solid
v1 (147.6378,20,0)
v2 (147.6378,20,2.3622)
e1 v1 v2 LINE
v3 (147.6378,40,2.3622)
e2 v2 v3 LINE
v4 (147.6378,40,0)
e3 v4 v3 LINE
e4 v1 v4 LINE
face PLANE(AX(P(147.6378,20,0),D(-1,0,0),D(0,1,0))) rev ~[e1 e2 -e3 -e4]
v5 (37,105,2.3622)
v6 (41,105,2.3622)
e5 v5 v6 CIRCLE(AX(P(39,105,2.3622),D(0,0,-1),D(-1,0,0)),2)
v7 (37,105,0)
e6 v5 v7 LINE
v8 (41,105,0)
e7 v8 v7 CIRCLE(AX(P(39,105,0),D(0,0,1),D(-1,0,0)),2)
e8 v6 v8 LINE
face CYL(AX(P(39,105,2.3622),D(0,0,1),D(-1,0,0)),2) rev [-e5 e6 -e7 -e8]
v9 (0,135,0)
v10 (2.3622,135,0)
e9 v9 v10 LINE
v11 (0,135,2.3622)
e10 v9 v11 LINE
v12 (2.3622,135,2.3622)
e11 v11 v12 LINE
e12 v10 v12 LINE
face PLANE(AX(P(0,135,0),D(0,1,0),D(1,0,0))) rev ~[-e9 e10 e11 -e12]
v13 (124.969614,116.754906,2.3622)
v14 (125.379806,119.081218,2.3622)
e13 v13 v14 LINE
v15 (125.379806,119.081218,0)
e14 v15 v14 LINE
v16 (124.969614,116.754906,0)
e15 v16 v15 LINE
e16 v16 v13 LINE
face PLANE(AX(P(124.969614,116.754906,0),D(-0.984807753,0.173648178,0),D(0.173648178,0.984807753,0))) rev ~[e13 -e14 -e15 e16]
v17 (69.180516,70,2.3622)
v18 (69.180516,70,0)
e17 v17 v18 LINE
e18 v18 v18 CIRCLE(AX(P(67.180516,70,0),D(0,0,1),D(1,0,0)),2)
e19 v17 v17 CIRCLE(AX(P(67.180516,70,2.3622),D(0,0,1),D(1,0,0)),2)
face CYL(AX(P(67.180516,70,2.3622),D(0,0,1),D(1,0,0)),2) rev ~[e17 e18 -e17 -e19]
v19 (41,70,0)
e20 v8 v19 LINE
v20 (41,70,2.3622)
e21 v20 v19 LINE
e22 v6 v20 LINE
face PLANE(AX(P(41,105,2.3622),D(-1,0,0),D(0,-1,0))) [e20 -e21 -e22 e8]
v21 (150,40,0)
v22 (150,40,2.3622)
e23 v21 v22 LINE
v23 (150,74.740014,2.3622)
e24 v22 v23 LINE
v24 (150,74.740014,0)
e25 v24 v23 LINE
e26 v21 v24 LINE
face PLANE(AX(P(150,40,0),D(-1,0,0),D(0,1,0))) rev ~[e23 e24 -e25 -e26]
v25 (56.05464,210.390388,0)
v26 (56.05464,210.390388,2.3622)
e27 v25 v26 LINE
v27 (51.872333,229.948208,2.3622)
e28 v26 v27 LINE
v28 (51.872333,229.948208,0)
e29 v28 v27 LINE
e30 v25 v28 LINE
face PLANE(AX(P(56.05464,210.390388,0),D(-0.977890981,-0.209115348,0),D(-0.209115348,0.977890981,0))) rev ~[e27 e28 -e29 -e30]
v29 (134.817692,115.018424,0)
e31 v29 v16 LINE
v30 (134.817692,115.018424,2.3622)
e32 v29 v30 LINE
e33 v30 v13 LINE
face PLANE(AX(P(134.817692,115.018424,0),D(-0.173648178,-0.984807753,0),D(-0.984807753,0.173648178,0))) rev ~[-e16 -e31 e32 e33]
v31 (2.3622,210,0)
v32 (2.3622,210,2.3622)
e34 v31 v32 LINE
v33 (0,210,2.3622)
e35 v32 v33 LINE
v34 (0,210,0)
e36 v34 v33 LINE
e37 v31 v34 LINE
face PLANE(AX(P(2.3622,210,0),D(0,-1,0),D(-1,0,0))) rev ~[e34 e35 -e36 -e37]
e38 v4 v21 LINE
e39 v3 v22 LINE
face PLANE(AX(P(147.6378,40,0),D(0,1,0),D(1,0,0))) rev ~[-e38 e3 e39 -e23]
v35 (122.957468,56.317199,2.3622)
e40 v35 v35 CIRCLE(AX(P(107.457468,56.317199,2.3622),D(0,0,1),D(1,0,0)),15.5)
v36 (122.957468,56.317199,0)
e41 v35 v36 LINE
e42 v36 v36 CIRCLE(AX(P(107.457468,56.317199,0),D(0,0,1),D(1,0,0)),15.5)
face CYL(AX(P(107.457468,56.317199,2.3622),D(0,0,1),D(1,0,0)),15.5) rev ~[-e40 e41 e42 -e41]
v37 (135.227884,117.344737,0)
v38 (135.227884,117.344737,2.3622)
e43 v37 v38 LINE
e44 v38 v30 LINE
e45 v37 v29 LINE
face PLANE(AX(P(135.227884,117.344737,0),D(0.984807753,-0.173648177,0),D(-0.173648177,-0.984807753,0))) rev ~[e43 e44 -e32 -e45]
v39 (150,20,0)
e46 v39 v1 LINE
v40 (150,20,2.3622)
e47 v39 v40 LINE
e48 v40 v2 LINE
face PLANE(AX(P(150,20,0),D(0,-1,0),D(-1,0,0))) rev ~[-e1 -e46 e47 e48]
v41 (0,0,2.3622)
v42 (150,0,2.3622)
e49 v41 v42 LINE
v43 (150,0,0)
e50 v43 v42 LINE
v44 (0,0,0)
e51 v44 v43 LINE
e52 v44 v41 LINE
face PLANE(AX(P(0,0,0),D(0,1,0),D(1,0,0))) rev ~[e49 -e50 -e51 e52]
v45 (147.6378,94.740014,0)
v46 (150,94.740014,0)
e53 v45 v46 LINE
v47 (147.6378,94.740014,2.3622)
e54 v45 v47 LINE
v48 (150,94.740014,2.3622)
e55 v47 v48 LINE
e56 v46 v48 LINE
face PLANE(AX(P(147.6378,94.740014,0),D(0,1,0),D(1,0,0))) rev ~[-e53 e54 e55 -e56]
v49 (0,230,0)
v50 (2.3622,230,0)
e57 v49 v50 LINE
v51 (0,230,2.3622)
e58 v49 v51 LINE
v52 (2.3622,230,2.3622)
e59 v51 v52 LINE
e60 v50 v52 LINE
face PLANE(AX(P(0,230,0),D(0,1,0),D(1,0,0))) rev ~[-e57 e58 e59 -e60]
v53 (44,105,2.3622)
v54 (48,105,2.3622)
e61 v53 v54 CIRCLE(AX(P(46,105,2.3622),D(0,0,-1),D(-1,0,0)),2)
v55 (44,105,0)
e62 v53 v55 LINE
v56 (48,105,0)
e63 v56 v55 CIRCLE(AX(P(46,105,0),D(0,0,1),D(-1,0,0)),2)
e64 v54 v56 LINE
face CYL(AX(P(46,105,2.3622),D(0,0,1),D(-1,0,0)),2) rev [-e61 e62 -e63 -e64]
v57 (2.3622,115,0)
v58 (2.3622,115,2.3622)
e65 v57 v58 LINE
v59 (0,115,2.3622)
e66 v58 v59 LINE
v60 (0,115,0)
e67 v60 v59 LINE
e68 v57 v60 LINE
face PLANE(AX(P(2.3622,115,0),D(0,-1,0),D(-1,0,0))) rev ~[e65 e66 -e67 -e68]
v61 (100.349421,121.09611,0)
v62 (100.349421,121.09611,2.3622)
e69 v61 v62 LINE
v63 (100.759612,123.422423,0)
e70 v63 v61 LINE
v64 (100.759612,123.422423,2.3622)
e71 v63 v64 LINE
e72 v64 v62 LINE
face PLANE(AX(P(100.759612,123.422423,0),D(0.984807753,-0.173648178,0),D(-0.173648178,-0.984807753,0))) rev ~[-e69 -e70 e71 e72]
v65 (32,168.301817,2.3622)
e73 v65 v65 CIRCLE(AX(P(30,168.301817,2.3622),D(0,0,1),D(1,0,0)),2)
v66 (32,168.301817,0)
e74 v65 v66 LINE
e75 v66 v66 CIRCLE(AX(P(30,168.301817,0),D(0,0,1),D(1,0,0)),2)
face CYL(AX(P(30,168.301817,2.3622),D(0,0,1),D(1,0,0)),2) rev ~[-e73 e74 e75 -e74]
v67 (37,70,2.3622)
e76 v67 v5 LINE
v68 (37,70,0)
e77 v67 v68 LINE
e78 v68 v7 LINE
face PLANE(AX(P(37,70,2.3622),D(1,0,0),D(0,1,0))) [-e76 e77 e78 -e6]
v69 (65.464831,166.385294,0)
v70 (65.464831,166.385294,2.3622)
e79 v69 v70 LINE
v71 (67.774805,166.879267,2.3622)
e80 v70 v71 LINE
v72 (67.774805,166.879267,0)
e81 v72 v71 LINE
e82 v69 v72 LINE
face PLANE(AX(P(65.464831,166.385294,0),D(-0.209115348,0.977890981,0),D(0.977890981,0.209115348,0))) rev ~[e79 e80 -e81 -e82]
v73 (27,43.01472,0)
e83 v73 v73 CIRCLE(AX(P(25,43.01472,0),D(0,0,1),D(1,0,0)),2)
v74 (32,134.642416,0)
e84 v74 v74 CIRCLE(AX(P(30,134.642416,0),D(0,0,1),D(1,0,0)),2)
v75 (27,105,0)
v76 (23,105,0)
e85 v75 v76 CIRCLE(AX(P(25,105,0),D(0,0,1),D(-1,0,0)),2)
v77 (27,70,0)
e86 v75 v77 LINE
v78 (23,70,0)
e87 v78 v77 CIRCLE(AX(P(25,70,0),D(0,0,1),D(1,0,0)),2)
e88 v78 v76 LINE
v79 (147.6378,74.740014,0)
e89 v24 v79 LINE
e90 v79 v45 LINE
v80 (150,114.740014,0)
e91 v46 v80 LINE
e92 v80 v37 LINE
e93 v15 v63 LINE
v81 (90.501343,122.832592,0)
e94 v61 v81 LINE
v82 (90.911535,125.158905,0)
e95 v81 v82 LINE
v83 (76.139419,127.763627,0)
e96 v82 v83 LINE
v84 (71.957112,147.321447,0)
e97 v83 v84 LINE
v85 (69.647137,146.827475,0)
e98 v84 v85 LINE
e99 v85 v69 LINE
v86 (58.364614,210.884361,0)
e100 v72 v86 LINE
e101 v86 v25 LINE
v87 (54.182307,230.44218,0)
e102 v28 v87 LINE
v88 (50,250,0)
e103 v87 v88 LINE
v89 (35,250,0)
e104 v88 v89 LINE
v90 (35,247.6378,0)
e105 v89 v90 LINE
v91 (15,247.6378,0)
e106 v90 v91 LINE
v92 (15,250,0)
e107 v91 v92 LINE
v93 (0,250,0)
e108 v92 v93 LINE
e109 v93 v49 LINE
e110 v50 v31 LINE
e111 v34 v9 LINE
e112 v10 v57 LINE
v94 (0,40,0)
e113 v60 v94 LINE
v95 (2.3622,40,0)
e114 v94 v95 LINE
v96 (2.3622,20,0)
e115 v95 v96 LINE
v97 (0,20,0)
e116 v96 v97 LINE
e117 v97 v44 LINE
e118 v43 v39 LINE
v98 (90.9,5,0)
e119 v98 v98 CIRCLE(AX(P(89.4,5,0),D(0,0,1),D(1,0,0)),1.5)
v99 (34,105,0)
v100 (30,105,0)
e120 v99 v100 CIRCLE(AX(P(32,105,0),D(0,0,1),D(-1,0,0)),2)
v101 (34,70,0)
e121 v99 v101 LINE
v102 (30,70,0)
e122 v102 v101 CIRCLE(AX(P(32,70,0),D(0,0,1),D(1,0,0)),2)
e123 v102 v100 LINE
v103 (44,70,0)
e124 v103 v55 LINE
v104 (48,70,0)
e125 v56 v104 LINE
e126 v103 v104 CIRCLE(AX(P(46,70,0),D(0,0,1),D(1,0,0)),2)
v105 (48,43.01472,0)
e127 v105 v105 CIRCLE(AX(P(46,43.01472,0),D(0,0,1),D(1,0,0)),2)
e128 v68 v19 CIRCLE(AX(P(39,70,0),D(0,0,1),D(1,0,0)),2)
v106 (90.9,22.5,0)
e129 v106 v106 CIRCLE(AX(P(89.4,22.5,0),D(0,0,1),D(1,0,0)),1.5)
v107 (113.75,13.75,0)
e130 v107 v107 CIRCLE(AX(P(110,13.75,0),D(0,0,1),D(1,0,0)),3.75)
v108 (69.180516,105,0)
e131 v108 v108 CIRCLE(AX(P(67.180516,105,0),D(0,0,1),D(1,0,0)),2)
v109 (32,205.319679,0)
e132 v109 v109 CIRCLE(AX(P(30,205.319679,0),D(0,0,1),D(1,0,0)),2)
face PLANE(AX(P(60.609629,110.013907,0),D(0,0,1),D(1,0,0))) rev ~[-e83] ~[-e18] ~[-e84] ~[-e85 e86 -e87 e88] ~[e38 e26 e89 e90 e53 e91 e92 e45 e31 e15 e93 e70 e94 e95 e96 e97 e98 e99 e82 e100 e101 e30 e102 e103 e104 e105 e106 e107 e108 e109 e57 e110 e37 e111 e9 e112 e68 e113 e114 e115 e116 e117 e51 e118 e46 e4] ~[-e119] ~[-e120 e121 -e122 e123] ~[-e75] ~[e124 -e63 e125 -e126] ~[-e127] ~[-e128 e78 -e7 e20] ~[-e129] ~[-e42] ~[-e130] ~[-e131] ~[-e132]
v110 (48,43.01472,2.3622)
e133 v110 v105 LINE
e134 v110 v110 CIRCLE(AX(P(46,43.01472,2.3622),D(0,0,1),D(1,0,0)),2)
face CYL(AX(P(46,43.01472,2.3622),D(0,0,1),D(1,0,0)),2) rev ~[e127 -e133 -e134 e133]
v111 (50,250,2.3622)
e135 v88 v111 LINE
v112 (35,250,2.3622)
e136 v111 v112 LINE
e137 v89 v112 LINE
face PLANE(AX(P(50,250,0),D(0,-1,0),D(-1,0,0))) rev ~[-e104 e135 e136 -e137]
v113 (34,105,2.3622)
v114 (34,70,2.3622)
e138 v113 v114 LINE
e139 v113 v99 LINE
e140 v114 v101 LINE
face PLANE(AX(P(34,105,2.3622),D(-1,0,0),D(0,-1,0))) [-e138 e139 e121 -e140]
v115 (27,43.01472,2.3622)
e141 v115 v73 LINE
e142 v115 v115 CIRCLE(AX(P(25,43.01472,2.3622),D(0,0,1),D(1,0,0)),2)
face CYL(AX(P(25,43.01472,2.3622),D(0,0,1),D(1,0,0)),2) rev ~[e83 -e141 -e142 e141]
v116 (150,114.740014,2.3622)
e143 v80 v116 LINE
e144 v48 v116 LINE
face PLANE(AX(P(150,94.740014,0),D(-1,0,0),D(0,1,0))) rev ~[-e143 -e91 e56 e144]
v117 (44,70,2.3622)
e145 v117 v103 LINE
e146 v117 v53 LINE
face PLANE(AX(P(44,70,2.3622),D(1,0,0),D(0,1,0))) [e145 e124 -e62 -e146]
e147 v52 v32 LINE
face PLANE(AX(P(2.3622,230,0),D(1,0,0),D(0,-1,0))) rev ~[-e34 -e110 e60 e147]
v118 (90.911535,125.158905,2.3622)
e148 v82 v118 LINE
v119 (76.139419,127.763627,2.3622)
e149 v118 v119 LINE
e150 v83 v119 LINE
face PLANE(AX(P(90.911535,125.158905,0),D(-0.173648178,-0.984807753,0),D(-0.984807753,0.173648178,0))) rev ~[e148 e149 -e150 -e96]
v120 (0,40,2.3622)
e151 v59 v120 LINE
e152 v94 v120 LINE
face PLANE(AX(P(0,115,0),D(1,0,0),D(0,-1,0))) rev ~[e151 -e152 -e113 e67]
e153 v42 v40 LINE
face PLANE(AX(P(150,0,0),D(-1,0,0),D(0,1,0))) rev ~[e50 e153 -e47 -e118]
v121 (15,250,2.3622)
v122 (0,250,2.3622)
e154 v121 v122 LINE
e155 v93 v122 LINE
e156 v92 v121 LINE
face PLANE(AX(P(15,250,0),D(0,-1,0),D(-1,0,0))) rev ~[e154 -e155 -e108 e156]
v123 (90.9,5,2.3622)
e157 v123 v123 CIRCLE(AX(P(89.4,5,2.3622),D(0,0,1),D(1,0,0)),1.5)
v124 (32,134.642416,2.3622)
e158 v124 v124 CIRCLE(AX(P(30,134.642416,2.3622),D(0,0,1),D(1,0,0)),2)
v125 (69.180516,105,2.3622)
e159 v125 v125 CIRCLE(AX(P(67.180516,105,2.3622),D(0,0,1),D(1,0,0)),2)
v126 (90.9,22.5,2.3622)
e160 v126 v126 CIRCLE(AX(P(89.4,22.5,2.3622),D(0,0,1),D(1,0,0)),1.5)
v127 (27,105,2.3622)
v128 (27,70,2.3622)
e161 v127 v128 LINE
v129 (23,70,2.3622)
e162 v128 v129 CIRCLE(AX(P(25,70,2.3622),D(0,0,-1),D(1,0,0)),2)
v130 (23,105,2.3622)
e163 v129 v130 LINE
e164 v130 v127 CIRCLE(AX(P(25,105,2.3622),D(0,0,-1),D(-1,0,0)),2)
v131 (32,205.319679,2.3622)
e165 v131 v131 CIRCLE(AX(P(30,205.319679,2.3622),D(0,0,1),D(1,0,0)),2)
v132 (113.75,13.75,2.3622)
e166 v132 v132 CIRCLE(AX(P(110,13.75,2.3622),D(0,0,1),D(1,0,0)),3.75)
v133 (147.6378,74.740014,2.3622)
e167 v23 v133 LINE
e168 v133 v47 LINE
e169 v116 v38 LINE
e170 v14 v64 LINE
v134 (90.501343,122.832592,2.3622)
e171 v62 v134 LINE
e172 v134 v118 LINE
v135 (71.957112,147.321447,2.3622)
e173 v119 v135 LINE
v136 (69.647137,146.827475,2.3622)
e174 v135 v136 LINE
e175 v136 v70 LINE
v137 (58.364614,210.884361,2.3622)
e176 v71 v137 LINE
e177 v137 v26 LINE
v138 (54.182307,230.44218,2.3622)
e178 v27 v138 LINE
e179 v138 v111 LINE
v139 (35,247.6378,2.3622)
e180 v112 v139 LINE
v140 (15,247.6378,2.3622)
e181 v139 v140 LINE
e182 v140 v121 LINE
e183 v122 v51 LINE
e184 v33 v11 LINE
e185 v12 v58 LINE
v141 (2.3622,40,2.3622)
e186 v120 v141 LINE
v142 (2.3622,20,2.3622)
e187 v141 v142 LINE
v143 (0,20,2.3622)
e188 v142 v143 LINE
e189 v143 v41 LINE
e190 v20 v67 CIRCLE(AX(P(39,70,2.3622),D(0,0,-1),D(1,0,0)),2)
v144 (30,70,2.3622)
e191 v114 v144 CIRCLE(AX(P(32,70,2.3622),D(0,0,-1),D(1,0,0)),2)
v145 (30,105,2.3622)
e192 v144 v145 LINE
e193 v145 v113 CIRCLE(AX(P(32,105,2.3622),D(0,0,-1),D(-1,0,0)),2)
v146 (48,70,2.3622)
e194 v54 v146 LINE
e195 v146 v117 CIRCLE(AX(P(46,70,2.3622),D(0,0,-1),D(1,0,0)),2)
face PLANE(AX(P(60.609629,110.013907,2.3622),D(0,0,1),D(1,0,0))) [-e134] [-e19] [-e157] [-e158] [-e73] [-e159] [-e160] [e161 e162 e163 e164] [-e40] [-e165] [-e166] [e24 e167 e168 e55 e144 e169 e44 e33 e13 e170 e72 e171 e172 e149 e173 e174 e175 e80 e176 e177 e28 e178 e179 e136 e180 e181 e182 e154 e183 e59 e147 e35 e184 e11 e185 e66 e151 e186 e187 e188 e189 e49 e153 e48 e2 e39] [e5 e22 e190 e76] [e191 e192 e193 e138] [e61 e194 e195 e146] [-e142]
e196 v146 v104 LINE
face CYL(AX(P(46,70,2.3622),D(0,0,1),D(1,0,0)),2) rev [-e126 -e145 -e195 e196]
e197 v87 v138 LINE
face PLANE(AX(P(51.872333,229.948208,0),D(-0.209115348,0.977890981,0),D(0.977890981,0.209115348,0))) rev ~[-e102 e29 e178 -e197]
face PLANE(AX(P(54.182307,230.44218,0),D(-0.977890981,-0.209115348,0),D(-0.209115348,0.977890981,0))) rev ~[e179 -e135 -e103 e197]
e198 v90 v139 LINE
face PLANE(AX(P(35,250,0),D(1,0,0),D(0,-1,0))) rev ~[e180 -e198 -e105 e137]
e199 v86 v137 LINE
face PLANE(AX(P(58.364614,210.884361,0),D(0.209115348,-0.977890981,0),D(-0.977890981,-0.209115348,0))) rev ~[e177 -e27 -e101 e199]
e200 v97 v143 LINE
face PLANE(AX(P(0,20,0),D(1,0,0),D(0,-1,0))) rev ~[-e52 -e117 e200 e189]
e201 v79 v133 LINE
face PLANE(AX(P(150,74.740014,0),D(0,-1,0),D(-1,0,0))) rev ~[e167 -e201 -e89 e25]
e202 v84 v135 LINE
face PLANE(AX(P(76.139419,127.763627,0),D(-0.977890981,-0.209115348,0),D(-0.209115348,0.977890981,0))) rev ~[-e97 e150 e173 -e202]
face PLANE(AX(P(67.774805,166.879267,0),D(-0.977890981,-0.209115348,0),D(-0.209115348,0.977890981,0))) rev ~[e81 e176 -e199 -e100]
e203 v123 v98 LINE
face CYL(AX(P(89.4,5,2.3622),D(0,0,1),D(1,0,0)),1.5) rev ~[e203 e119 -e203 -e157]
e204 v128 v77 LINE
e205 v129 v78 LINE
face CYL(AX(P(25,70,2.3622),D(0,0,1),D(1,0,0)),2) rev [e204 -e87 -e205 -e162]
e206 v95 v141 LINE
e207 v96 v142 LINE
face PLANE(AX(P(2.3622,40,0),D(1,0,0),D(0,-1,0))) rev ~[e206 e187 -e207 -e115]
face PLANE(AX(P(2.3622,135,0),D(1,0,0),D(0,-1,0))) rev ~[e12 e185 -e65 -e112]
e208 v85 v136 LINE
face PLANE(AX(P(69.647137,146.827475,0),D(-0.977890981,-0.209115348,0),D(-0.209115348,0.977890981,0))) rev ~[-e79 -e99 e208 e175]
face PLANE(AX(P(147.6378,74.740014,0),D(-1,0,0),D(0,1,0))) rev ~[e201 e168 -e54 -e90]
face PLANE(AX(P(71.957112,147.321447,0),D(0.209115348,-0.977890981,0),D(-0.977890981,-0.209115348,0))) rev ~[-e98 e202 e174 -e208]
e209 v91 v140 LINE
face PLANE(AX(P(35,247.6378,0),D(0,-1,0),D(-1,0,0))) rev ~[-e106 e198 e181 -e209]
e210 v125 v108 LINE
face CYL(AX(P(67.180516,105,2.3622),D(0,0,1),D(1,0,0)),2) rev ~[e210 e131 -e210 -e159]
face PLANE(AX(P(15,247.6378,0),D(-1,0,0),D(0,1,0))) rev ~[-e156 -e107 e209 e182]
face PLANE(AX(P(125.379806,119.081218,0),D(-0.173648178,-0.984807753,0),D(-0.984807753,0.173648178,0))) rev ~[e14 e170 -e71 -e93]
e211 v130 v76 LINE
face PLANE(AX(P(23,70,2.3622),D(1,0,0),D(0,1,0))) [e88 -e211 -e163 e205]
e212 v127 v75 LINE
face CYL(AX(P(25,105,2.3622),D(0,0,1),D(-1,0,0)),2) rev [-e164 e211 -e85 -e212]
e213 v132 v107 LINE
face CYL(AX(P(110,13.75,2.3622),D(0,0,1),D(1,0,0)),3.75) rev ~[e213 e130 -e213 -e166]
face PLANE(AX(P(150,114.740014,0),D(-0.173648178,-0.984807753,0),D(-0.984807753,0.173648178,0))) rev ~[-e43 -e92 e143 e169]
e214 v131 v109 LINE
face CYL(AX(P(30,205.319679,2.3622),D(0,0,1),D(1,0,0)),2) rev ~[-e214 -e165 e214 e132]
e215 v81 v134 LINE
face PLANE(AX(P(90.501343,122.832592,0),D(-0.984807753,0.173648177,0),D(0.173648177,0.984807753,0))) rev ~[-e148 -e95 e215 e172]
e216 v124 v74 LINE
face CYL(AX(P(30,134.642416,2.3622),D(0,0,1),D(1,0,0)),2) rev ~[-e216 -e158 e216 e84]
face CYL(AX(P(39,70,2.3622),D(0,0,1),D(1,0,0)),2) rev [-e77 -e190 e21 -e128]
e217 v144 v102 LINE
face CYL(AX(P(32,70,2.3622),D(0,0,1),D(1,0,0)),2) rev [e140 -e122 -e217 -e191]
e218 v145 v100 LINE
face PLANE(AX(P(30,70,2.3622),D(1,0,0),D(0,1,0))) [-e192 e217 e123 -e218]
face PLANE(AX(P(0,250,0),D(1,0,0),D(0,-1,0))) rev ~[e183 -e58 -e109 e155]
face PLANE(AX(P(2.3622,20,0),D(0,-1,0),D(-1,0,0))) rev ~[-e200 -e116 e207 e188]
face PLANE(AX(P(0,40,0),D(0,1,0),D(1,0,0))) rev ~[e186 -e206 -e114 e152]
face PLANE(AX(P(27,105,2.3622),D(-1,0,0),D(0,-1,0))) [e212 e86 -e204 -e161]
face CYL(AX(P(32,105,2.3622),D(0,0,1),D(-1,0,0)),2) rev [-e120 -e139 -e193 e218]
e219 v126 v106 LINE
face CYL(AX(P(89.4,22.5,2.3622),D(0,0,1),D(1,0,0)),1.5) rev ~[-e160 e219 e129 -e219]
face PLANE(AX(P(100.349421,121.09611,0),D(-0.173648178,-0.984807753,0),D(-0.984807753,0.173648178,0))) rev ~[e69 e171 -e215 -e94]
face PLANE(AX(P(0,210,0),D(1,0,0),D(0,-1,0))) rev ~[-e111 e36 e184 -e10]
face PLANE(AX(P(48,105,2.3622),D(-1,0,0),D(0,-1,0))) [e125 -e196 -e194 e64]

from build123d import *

# Parameters (mm, degrees)
BOSS_EXTRUDE1_DEPTH = 2.3622
SKETCH2_R           = 2
SKETCH2_R_2         = 3.75
SKETCH2_R_3         = 1.5
SKETCH2_R_4         = 15.5
CUT_EXTRUDE1_DEPTH  = 292.557164187


with BuildPart() as part:
    # Sketch1 → Boss-Extrude1 (new body)
    with BuildSketch(Plane.XY):
        Polygon((0, 0), (150, 0), (150, 20), (147.6378, 20), (147.6378, 40), (150, 40), (150, 74.740014023), (147.6378, 74.740014023), (147.6378, 94.740014023), (150, 94.740014023), (150, 114.740014023), (135.227883705, 117.344736688), (134.81769198, 115.018423813), (124.969614449, 116.75490559), (125.379806175, 119.081218464), (100.759612349, 123.422422906), (100.349420624, 121.096110032), (90.501343094, 122.832591808), (90.911534819, 125.158904683), (76.139418524, 127.763627348), (71.95711156, 147.321446972), (69.647137484, 146.827474696), (65.464830521, 166.385294321), (67.774804596, 166.879266596), (58.364613928, 210.884360751), (56.054639852, 210.390388476), (51.872332888, 229.9482081), (54.182306964, 230.442180376), (50, 250), (35, 250), (35, 247.6378), (15, 247.6378), (15, 250), (0, 250), (0, 230), (2.3622, 230), (2.3622, 210), (0, 210), (0, 135), (2.3622, 135), (2.3622, 115), (0, 115), (0, 40), (2.3622, 40), (2.3622, 20), (0, 20), align=None)
    extrude(amount=BOSS_EXTRUDE1_DEPTH)

    # Sketch2 → Cut-Extrude1 (cut, through all)
    with BuildSketch(Plane.XY.offset(2.3622)):
        with Locations((30, 168.301817255)):
            Circle(SKETCH2_R)
        with Locations((67.180515984, 70)):
            Circle(SKETCH2_R)
        with Locations((46, 43.014719635)):
            Circle(SKETCH2_R)
        with Locations((67.180515984, 105)):
            Circle(SKETCH2_R)
        with Locations((25, 43.014719635)):
            Circle(SKETCH2_R)
        with Locations((30, 205.319678906)):
            Circle(SKETCH2_R)
        with Locations((30, 134.64241622)):
            Circle(SKETCH2_R)
        with Locations((110, 13.75)):
            Circle(SKETCH2_R_2)
        with Locations((89.4, 22.5)):
            Circle(SKETCH2_R_3)
        with Locations((89.4, 5)):
            Circle(SKETCH2_R_3)
        with Locations((107.457467604, 56.31719907)):
            Circle(SKETCH2_R_4)
        with BuildLine():
            Line((41, 105), (41, 70))
            ThreePointArc((41, 70), (39, 68), (37, 70))
            Line((37, 70), (37, 105))
            ThreePointArc((37, 105), (39, 107), (41, 105))
        make_face()
        with BuildLine():
            Line((48, 105), (48, 70))
            ThreePointArc((48, 70), (46, 68), (44, 70))
            Line((44, 70), (44, 105))
            ThreePointArc((44, 105), (46, 107), (48, 105))
        make_face()
        with BuildLine():
            Line((34, 105), (34, 70))
            ThreePointArc((34, 70), (32, 68), (30, 70))
            Line((30, 70), (30, 105))
            ThreePointArc((30, 105), (32, 107), (34, 105))
        make_face()
        with BuildLine():
            Line((27, 105), (27, 70))
            ThreePointArc((27, 70), (25, 68), (23, 70))
            Line((23, 70), (23, 105))
            ThreePointArc((23, 105), (25, 107), (27, 105))
        make_face()
    extrude(amount=-CUT_EXTRUDE1_DEPTH, mode=Mode.SUBTRACT)


solid = part.part
